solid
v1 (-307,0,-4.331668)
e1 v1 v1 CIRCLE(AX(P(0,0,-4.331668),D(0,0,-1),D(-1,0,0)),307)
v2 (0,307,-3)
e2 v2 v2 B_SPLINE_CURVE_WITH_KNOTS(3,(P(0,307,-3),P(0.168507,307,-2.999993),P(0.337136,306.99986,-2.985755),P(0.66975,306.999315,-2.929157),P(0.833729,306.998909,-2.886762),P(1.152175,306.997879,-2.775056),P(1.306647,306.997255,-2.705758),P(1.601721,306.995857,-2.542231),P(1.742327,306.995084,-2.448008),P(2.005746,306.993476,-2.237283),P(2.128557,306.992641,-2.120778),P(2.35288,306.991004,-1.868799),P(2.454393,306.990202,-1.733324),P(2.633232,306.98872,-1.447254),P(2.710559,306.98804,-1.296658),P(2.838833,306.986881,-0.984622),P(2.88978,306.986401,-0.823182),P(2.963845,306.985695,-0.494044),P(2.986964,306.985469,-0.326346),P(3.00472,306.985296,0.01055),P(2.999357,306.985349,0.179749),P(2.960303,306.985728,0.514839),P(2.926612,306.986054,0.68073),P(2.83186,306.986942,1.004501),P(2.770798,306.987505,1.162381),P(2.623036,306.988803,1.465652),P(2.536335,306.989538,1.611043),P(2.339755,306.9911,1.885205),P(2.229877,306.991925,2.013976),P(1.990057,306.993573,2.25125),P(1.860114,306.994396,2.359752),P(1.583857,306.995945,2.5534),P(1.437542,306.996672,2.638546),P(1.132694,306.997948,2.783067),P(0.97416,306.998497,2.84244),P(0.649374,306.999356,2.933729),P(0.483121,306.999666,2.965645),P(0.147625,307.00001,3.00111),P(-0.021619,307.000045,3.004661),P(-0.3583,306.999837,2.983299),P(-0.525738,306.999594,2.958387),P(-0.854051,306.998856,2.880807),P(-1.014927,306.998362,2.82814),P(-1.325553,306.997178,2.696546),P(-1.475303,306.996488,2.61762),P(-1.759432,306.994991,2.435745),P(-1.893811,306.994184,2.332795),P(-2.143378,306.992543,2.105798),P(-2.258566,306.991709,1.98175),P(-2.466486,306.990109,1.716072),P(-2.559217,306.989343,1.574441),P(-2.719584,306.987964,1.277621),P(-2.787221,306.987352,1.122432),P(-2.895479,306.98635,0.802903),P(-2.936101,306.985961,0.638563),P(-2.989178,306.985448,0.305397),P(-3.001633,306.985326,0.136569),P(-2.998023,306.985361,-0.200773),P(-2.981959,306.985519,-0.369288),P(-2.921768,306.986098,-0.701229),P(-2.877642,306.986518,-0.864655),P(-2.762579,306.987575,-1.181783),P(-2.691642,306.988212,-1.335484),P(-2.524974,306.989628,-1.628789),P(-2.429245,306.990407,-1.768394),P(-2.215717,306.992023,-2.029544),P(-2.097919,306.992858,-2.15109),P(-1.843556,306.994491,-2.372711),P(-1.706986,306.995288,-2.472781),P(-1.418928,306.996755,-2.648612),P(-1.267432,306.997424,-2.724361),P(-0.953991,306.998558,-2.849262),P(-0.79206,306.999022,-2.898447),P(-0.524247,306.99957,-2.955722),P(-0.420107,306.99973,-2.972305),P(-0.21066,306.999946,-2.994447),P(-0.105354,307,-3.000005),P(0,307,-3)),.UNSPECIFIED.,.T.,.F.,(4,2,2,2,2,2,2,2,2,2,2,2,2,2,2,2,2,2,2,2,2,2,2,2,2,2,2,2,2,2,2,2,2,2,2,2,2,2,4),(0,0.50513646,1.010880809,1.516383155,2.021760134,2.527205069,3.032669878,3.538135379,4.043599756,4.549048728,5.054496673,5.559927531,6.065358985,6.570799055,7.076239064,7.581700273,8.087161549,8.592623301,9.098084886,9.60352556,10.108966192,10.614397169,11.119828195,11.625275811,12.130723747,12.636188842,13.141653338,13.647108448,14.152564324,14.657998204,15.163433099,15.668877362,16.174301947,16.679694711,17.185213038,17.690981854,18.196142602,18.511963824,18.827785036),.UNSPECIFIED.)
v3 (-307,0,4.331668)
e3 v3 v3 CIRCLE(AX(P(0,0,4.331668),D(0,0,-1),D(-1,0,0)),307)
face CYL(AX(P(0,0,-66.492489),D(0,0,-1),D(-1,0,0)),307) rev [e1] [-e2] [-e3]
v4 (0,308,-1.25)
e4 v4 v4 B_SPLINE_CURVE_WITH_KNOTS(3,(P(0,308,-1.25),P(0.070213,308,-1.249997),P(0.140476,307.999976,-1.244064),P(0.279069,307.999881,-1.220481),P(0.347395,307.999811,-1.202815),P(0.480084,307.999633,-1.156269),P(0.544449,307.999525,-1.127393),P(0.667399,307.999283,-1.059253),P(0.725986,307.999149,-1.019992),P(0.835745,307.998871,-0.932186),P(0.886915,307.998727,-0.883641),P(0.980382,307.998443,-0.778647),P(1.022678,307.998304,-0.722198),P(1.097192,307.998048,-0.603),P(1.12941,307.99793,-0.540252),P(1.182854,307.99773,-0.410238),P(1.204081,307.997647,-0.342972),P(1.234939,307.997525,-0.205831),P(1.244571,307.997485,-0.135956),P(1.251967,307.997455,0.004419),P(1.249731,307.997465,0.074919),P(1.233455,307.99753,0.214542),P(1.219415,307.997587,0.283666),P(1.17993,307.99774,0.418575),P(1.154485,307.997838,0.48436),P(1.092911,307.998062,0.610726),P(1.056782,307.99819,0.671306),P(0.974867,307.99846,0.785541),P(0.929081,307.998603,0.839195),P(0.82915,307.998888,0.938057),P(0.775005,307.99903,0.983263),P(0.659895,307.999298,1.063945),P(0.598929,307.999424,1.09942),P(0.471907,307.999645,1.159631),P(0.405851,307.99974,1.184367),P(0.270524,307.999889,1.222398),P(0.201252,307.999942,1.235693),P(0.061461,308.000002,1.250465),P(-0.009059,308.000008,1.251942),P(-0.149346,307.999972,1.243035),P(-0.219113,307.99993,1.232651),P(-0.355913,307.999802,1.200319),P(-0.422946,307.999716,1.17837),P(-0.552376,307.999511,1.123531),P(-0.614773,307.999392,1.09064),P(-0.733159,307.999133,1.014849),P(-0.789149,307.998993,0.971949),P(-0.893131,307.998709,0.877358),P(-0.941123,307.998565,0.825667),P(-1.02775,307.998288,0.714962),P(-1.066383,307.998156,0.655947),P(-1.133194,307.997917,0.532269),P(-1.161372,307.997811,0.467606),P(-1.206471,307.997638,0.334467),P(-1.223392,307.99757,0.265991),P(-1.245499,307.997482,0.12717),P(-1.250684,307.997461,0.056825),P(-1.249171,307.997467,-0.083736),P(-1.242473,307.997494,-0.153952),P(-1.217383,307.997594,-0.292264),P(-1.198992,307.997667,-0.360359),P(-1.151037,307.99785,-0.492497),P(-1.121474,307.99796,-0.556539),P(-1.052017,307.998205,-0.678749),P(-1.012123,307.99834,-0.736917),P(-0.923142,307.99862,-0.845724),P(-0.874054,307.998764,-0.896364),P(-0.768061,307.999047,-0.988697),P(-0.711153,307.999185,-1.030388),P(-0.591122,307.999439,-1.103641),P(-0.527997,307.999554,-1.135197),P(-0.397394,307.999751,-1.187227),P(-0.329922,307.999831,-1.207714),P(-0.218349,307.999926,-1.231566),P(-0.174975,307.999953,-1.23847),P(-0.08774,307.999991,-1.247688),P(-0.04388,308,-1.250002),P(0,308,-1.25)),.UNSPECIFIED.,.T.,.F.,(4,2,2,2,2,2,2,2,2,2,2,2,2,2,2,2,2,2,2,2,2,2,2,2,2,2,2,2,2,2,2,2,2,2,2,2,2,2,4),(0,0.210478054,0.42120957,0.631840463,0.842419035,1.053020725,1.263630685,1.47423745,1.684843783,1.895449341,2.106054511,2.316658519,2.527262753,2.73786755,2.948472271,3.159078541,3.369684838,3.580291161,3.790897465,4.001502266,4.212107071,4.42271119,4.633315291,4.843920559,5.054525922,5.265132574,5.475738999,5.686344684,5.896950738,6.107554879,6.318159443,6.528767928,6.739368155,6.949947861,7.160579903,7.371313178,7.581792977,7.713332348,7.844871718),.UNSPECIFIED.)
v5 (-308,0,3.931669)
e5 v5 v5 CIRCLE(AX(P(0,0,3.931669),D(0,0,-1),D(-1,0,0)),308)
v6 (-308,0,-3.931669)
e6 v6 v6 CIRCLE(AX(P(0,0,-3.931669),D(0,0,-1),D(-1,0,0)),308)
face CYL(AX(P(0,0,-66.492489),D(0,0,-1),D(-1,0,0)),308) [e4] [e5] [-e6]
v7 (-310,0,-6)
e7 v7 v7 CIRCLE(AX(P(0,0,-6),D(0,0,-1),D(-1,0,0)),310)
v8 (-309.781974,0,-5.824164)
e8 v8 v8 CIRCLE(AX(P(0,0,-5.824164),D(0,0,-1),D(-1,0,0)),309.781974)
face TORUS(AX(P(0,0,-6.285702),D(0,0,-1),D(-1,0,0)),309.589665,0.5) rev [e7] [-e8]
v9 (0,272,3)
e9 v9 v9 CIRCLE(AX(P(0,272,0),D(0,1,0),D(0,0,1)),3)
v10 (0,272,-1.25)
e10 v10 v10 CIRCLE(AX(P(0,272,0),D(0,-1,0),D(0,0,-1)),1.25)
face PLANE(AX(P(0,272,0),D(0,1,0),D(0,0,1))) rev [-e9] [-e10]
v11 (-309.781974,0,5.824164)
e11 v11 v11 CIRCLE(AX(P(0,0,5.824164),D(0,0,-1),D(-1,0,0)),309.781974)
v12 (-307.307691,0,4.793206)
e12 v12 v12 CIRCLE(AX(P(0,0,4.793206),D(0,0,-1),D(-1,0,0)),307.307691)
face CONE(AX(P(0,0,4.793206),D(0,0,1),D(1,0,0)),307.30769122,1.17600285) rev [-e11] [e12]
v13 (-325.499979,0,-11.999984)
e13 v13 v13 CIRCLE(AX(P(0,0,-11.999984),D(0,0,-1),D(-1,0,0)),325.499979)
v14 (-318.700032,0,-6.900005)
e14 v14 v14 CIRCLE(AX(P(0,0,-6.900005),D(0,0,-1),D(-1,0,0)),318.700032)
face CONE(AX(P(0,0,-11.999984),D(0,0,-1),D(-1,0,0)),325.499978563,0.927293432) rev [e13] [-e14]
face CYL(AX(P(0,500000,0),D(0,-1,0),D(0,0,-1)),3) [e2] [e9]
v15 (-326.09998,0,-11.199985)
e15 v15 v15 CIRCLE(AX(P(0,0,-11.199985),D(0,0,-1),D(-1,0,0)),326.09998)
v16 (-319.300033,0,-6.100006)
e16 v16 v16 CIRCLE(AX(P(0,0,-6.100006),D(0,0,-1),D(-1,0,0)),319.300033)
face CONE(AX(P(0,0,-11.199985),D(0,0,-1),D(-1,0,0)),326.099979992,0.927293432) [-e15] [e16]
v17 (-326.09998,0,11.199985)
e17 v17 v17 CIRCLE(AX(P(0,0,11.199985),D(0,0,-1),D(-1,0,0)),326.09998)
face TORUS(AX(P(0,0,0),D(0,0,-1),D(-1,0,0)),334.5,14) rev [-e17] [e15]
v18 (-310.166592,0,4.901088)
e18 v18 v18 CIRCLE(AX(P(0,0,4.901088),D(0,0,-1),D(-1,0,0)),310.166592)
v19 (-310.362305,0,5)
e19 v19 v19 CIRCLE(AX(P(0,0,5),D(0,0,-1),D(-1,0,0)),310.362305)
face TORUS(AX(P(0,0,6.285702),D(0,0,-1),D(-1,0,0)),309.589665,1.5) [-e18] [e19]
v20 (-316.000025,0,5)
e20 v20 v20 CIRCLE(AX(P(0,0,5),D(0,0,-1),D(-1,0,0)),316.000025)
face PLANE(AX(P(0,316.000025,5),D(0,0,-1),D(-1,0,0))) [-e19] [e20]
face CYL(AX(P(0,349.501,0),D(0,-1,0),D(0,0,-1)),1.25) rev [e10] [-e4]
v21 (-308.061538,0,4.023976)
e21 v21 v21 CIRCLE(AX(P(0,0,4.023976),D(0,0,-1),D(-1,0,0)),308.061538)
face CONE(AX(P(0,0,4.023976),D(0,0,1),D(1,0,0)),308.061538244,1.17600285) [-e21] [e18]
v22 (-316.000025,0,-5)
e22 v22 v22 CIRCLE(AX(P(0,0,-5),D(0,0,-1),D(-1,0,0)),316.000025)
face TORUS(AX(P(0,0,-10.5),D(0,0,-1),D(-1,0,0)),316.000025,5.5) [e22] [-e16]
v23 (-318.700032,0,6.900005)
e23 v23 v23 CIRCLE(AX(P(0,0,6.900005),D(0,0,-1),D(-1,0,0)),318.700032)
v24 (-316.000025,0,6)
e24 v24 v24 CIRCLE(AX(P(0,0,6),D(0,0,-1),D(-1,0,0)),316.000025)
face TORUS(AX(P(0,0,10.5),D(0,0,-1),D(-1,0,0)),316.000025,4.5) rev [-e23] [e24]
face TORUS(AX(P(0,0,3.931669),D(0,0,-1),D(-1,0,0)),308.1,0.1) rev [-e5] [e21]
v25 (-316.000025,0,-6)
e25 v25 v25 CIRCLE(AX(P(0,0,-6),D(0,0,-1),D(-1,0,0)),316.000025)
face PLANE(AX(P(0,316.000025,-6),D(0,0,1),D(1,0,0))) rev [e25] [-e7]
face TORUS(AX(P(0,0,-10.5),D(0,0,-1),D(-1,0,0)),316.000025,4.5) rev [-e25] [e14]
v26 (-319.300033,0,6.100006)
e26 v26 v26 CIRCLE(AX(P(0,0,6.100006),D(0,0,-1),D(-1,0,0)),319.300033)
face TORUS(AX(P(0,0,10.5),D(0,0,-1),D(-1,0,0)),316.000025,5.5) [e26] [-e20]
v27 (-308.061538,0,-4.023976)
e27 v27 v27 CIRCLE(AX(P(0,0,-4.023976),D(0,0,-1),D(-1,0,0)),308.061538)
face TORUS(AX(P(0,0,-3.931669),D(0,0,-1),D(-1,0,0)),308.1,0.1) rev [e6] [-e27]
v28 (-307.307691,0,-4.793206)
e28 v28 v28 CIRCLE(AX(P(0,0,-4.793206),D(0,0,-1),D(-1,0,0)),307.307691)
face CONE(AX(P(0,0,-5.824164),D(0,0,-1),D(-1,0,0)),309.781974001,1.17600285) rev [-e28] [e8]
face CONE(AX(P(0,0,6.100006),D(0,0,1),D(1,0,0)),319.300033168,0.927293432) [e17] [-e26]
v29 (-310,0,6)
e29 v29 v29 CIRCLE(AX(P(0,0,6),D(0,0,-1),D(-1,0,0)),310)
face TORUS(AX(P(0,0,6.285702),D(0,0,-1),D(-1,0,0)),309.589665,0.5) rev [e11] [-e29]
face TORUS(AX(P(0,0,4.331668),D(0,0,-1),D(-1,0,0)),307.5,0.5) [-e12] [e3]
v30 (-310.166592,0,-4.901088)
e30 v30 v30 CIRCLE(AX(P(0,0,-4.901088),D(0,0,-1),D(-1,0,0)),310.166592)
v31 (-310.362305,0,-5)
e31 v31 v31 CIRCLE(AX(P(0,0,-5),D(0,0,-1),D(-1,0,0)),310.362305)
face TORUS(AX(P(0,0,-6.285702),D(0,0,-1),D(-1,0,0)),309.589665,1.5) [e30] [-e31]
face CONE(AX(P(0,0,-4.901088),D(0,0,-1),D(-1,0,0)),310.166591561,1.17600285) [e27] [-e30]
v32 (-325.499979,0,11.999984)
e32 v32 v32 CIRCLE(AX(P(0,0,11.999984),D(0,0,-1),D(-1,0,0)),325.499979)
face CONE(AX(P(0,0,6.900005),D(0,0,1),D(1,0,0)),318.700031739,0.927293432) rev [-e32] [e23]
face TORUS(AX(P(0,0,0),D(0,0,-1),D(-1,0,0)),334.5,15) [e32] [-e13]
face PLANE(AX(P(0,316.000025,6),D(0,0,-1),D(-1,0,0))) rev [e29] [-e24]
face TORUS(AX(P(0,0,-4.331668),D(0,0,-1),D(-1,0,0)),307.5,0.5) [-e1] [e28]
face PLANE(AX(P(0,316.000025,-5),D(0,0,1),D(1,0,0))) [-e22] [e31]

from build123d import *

# Parameters (mm, degrees)
EXTRUSION1_REACH             = 623.5
EXTRUSION1_END_RADIUS        = 307
EXTRUSION1_START             = 272
ESQUISSE2_R                  = 3
ENL_V_MAT_EXTRU_1_REACH      = 79.5
ENL_V_MAT_EXTRU_1_END_RADIUS = 308
ESQUISSE3_R                  = 1.25


with BuildPart() as part:
    # Esquisse1 → Révolution1 (revolve)
    with BuildSketch(Plane.ZY, mode=Mode.PRIVATE) as r_volution1_sk:
        with BuildLine():
            Line((6, 316.000025307), (6, 310))
            ThreePointArc((6, 310), (5.896502914, 309.903551237), (5.824163529, 309.781974001))
            Line((5.824163529, 309.781974001), (4.793205526, 307.30769122))
            ThreePointArc((4.793205526, 307.30769122), (4.609017126, 307.083974526), (4.331667518, 307))
            Line((4.331667518, 307), (-4.331667518, 307))
            ThreePointArc((-4.331667518, 307), (-4.609017126, 307.083974526), (-4.793205526, 307.30769122))
            Line((-4.793205526, 307.30769122), (-5.824163529, 309.781974001))
            ThreePointArc((-5.824163529, 309.781974001), (-5.896502914, 309.903551237), (-6, 310))
            Line((-6, 310), (-6, 316.000025307))
            ThreePointArc((-6, 316.000025307), (-6.23092643, 317.423054068), (-6.900004823, 318.700031739))
            Line((-6.900004823, 318.700031739), (-11.999983922, 325.499978563))
            ThreePointArc((-11.999983922, 325.499978563), (0, 349.5), (11.999983922, 325.499978563))
            Line((11.999983922, 325.499978563), (6.900004823, 318.700031739))
            ThreePointArc((6.900004823, 318.700031739), (6.23092643, 317.423054068), (6, 316.000025307))
        make_face()
        with BuildLine():
            Line((-6.100005895, 319.300033168), (-11.199984994, 326.099979992))
            ThreePointArc((-11.199984994, 326.099979992), (0, 348.5), (11.199984994, 326.099979992))
            Line((11.199984994, 326.099979992), (6.100005895, 319.300033168))
            ThreePointArc((6.100005895, 319.300033168), (5.282243414, 317.739282681), (5, 316.000025307))
            Line((5, 316.000025307), (5, 310.362304564))
            ThreePointArc((5, 310.362304564), (4.946962506, 310.266258011), (4.901087513, 310.166591561))
            Line((4.901087513, 310.166591561), (4.023976141, 308.061538244))
            ThreePointArc((4.023976141, 308.061538244), (3.987138461, 308.016794905), (3.931668539, 308))
            Line((3.931668539, 308), (-3.931668539, 308))
            ThreePointArc((-3.931668539, 308), (-3.987138461, 308.016794905), (-4.023976141, 308.061538244))
            Line((-4.023976141, 308.061538244), (-4.901087513, 310.166591561))
            ThreePointArc((-4.901087513, 310.166591561), (-4.946962506, 310.266258011), (-5, 310.362304564))
            Line((-5, 310.362304564), (-5, 316.000025307))
            ThreePointArc((-5, 316.000025307), (-5.282243414, 317.739282681), (-6.100005895, 319.300033168))
        make_face(mode=Mode.SUBTRACT)
    revolve(r_volution1_sk.sketch.rotate(Axis((0, 0, -66.492489003), (0, 0, 1)), 90), axis=Axis((0, 0, -66.492489003), (0, 0, 1)))  # turned: the seam where the file's is

    # Extrusion1: up to this cylinder (the profile starts inside it)
    extrusion1_end = Plane(origin=(0, 0, 0), z_dir=(0, 0, -1)) * Cylinder(EXTRUSION1_END_RADIUS, 1862, mode=Mode.PRIVATE)
    # Esquisse2 → Extrusion1 (add, up to the surface)
    with BuildSketch(Plane(origin=(0, 0, 0), x_dir=(1, 0, 0), z_dir=(0, 1, 0)).offset(EXTRUSION1_START), mode=Mode.PRIVATE) as extrusion1_sk1:
        with Locations(Location((0, 0, 0), (0, 0, 90))):  # turned: the seam where the file's is
            Circle(ESQUISSE2_R)
    extrusion1_tool1 = extrude(extrusion1_sk1.sketch, amount=EXTRUSION1_REACH, mode=Mode.PRIVATE) & extrusion1_end
    add(extrusion1_tool1.solids().sort_by_distance((0, 272, 0))[0])

    # Enlèv. mat.-Extru.1: up to this cylinder (the profile starts inside it)
    enl_v_mat_extru_1_end = Plane(origin=(0, 0, 0), z_dir=(0, 0, -1)) * Cylinder(ENL_V_MAT_EXTRU_1_END_RADIUS, 776, mode=Mode.PRIVATE)
    # Esquisse3 → Enlèv. mat.-Extru.1 (cut, up to the surface)
    with BuildSketch(Plane.XZ.offset(-272), mode=Mode.PRIVATE) as enl_v_mat_extru_1_sk1:
        with Locations(Location((0, 0, 0), (0, 0, 270))):  # turned: the seam where the file's is
            Circle(ESQUISSE3_R)
    enl_v_mat_extru_1_tool1 = extrude(enl_v_mat_extru_1_sk1.sketch, amount=-ENL_V_MAT_EXTRU_1_REACH, mode=Mode.PRIVATE) & enl_v_mat_extru_1_end
    add(enl_v_mat_extru_1_tool1.solids().sort_by_distance((0, 272, 0))[0], mode=Mode.SUBTRACT)


solid = part.part
